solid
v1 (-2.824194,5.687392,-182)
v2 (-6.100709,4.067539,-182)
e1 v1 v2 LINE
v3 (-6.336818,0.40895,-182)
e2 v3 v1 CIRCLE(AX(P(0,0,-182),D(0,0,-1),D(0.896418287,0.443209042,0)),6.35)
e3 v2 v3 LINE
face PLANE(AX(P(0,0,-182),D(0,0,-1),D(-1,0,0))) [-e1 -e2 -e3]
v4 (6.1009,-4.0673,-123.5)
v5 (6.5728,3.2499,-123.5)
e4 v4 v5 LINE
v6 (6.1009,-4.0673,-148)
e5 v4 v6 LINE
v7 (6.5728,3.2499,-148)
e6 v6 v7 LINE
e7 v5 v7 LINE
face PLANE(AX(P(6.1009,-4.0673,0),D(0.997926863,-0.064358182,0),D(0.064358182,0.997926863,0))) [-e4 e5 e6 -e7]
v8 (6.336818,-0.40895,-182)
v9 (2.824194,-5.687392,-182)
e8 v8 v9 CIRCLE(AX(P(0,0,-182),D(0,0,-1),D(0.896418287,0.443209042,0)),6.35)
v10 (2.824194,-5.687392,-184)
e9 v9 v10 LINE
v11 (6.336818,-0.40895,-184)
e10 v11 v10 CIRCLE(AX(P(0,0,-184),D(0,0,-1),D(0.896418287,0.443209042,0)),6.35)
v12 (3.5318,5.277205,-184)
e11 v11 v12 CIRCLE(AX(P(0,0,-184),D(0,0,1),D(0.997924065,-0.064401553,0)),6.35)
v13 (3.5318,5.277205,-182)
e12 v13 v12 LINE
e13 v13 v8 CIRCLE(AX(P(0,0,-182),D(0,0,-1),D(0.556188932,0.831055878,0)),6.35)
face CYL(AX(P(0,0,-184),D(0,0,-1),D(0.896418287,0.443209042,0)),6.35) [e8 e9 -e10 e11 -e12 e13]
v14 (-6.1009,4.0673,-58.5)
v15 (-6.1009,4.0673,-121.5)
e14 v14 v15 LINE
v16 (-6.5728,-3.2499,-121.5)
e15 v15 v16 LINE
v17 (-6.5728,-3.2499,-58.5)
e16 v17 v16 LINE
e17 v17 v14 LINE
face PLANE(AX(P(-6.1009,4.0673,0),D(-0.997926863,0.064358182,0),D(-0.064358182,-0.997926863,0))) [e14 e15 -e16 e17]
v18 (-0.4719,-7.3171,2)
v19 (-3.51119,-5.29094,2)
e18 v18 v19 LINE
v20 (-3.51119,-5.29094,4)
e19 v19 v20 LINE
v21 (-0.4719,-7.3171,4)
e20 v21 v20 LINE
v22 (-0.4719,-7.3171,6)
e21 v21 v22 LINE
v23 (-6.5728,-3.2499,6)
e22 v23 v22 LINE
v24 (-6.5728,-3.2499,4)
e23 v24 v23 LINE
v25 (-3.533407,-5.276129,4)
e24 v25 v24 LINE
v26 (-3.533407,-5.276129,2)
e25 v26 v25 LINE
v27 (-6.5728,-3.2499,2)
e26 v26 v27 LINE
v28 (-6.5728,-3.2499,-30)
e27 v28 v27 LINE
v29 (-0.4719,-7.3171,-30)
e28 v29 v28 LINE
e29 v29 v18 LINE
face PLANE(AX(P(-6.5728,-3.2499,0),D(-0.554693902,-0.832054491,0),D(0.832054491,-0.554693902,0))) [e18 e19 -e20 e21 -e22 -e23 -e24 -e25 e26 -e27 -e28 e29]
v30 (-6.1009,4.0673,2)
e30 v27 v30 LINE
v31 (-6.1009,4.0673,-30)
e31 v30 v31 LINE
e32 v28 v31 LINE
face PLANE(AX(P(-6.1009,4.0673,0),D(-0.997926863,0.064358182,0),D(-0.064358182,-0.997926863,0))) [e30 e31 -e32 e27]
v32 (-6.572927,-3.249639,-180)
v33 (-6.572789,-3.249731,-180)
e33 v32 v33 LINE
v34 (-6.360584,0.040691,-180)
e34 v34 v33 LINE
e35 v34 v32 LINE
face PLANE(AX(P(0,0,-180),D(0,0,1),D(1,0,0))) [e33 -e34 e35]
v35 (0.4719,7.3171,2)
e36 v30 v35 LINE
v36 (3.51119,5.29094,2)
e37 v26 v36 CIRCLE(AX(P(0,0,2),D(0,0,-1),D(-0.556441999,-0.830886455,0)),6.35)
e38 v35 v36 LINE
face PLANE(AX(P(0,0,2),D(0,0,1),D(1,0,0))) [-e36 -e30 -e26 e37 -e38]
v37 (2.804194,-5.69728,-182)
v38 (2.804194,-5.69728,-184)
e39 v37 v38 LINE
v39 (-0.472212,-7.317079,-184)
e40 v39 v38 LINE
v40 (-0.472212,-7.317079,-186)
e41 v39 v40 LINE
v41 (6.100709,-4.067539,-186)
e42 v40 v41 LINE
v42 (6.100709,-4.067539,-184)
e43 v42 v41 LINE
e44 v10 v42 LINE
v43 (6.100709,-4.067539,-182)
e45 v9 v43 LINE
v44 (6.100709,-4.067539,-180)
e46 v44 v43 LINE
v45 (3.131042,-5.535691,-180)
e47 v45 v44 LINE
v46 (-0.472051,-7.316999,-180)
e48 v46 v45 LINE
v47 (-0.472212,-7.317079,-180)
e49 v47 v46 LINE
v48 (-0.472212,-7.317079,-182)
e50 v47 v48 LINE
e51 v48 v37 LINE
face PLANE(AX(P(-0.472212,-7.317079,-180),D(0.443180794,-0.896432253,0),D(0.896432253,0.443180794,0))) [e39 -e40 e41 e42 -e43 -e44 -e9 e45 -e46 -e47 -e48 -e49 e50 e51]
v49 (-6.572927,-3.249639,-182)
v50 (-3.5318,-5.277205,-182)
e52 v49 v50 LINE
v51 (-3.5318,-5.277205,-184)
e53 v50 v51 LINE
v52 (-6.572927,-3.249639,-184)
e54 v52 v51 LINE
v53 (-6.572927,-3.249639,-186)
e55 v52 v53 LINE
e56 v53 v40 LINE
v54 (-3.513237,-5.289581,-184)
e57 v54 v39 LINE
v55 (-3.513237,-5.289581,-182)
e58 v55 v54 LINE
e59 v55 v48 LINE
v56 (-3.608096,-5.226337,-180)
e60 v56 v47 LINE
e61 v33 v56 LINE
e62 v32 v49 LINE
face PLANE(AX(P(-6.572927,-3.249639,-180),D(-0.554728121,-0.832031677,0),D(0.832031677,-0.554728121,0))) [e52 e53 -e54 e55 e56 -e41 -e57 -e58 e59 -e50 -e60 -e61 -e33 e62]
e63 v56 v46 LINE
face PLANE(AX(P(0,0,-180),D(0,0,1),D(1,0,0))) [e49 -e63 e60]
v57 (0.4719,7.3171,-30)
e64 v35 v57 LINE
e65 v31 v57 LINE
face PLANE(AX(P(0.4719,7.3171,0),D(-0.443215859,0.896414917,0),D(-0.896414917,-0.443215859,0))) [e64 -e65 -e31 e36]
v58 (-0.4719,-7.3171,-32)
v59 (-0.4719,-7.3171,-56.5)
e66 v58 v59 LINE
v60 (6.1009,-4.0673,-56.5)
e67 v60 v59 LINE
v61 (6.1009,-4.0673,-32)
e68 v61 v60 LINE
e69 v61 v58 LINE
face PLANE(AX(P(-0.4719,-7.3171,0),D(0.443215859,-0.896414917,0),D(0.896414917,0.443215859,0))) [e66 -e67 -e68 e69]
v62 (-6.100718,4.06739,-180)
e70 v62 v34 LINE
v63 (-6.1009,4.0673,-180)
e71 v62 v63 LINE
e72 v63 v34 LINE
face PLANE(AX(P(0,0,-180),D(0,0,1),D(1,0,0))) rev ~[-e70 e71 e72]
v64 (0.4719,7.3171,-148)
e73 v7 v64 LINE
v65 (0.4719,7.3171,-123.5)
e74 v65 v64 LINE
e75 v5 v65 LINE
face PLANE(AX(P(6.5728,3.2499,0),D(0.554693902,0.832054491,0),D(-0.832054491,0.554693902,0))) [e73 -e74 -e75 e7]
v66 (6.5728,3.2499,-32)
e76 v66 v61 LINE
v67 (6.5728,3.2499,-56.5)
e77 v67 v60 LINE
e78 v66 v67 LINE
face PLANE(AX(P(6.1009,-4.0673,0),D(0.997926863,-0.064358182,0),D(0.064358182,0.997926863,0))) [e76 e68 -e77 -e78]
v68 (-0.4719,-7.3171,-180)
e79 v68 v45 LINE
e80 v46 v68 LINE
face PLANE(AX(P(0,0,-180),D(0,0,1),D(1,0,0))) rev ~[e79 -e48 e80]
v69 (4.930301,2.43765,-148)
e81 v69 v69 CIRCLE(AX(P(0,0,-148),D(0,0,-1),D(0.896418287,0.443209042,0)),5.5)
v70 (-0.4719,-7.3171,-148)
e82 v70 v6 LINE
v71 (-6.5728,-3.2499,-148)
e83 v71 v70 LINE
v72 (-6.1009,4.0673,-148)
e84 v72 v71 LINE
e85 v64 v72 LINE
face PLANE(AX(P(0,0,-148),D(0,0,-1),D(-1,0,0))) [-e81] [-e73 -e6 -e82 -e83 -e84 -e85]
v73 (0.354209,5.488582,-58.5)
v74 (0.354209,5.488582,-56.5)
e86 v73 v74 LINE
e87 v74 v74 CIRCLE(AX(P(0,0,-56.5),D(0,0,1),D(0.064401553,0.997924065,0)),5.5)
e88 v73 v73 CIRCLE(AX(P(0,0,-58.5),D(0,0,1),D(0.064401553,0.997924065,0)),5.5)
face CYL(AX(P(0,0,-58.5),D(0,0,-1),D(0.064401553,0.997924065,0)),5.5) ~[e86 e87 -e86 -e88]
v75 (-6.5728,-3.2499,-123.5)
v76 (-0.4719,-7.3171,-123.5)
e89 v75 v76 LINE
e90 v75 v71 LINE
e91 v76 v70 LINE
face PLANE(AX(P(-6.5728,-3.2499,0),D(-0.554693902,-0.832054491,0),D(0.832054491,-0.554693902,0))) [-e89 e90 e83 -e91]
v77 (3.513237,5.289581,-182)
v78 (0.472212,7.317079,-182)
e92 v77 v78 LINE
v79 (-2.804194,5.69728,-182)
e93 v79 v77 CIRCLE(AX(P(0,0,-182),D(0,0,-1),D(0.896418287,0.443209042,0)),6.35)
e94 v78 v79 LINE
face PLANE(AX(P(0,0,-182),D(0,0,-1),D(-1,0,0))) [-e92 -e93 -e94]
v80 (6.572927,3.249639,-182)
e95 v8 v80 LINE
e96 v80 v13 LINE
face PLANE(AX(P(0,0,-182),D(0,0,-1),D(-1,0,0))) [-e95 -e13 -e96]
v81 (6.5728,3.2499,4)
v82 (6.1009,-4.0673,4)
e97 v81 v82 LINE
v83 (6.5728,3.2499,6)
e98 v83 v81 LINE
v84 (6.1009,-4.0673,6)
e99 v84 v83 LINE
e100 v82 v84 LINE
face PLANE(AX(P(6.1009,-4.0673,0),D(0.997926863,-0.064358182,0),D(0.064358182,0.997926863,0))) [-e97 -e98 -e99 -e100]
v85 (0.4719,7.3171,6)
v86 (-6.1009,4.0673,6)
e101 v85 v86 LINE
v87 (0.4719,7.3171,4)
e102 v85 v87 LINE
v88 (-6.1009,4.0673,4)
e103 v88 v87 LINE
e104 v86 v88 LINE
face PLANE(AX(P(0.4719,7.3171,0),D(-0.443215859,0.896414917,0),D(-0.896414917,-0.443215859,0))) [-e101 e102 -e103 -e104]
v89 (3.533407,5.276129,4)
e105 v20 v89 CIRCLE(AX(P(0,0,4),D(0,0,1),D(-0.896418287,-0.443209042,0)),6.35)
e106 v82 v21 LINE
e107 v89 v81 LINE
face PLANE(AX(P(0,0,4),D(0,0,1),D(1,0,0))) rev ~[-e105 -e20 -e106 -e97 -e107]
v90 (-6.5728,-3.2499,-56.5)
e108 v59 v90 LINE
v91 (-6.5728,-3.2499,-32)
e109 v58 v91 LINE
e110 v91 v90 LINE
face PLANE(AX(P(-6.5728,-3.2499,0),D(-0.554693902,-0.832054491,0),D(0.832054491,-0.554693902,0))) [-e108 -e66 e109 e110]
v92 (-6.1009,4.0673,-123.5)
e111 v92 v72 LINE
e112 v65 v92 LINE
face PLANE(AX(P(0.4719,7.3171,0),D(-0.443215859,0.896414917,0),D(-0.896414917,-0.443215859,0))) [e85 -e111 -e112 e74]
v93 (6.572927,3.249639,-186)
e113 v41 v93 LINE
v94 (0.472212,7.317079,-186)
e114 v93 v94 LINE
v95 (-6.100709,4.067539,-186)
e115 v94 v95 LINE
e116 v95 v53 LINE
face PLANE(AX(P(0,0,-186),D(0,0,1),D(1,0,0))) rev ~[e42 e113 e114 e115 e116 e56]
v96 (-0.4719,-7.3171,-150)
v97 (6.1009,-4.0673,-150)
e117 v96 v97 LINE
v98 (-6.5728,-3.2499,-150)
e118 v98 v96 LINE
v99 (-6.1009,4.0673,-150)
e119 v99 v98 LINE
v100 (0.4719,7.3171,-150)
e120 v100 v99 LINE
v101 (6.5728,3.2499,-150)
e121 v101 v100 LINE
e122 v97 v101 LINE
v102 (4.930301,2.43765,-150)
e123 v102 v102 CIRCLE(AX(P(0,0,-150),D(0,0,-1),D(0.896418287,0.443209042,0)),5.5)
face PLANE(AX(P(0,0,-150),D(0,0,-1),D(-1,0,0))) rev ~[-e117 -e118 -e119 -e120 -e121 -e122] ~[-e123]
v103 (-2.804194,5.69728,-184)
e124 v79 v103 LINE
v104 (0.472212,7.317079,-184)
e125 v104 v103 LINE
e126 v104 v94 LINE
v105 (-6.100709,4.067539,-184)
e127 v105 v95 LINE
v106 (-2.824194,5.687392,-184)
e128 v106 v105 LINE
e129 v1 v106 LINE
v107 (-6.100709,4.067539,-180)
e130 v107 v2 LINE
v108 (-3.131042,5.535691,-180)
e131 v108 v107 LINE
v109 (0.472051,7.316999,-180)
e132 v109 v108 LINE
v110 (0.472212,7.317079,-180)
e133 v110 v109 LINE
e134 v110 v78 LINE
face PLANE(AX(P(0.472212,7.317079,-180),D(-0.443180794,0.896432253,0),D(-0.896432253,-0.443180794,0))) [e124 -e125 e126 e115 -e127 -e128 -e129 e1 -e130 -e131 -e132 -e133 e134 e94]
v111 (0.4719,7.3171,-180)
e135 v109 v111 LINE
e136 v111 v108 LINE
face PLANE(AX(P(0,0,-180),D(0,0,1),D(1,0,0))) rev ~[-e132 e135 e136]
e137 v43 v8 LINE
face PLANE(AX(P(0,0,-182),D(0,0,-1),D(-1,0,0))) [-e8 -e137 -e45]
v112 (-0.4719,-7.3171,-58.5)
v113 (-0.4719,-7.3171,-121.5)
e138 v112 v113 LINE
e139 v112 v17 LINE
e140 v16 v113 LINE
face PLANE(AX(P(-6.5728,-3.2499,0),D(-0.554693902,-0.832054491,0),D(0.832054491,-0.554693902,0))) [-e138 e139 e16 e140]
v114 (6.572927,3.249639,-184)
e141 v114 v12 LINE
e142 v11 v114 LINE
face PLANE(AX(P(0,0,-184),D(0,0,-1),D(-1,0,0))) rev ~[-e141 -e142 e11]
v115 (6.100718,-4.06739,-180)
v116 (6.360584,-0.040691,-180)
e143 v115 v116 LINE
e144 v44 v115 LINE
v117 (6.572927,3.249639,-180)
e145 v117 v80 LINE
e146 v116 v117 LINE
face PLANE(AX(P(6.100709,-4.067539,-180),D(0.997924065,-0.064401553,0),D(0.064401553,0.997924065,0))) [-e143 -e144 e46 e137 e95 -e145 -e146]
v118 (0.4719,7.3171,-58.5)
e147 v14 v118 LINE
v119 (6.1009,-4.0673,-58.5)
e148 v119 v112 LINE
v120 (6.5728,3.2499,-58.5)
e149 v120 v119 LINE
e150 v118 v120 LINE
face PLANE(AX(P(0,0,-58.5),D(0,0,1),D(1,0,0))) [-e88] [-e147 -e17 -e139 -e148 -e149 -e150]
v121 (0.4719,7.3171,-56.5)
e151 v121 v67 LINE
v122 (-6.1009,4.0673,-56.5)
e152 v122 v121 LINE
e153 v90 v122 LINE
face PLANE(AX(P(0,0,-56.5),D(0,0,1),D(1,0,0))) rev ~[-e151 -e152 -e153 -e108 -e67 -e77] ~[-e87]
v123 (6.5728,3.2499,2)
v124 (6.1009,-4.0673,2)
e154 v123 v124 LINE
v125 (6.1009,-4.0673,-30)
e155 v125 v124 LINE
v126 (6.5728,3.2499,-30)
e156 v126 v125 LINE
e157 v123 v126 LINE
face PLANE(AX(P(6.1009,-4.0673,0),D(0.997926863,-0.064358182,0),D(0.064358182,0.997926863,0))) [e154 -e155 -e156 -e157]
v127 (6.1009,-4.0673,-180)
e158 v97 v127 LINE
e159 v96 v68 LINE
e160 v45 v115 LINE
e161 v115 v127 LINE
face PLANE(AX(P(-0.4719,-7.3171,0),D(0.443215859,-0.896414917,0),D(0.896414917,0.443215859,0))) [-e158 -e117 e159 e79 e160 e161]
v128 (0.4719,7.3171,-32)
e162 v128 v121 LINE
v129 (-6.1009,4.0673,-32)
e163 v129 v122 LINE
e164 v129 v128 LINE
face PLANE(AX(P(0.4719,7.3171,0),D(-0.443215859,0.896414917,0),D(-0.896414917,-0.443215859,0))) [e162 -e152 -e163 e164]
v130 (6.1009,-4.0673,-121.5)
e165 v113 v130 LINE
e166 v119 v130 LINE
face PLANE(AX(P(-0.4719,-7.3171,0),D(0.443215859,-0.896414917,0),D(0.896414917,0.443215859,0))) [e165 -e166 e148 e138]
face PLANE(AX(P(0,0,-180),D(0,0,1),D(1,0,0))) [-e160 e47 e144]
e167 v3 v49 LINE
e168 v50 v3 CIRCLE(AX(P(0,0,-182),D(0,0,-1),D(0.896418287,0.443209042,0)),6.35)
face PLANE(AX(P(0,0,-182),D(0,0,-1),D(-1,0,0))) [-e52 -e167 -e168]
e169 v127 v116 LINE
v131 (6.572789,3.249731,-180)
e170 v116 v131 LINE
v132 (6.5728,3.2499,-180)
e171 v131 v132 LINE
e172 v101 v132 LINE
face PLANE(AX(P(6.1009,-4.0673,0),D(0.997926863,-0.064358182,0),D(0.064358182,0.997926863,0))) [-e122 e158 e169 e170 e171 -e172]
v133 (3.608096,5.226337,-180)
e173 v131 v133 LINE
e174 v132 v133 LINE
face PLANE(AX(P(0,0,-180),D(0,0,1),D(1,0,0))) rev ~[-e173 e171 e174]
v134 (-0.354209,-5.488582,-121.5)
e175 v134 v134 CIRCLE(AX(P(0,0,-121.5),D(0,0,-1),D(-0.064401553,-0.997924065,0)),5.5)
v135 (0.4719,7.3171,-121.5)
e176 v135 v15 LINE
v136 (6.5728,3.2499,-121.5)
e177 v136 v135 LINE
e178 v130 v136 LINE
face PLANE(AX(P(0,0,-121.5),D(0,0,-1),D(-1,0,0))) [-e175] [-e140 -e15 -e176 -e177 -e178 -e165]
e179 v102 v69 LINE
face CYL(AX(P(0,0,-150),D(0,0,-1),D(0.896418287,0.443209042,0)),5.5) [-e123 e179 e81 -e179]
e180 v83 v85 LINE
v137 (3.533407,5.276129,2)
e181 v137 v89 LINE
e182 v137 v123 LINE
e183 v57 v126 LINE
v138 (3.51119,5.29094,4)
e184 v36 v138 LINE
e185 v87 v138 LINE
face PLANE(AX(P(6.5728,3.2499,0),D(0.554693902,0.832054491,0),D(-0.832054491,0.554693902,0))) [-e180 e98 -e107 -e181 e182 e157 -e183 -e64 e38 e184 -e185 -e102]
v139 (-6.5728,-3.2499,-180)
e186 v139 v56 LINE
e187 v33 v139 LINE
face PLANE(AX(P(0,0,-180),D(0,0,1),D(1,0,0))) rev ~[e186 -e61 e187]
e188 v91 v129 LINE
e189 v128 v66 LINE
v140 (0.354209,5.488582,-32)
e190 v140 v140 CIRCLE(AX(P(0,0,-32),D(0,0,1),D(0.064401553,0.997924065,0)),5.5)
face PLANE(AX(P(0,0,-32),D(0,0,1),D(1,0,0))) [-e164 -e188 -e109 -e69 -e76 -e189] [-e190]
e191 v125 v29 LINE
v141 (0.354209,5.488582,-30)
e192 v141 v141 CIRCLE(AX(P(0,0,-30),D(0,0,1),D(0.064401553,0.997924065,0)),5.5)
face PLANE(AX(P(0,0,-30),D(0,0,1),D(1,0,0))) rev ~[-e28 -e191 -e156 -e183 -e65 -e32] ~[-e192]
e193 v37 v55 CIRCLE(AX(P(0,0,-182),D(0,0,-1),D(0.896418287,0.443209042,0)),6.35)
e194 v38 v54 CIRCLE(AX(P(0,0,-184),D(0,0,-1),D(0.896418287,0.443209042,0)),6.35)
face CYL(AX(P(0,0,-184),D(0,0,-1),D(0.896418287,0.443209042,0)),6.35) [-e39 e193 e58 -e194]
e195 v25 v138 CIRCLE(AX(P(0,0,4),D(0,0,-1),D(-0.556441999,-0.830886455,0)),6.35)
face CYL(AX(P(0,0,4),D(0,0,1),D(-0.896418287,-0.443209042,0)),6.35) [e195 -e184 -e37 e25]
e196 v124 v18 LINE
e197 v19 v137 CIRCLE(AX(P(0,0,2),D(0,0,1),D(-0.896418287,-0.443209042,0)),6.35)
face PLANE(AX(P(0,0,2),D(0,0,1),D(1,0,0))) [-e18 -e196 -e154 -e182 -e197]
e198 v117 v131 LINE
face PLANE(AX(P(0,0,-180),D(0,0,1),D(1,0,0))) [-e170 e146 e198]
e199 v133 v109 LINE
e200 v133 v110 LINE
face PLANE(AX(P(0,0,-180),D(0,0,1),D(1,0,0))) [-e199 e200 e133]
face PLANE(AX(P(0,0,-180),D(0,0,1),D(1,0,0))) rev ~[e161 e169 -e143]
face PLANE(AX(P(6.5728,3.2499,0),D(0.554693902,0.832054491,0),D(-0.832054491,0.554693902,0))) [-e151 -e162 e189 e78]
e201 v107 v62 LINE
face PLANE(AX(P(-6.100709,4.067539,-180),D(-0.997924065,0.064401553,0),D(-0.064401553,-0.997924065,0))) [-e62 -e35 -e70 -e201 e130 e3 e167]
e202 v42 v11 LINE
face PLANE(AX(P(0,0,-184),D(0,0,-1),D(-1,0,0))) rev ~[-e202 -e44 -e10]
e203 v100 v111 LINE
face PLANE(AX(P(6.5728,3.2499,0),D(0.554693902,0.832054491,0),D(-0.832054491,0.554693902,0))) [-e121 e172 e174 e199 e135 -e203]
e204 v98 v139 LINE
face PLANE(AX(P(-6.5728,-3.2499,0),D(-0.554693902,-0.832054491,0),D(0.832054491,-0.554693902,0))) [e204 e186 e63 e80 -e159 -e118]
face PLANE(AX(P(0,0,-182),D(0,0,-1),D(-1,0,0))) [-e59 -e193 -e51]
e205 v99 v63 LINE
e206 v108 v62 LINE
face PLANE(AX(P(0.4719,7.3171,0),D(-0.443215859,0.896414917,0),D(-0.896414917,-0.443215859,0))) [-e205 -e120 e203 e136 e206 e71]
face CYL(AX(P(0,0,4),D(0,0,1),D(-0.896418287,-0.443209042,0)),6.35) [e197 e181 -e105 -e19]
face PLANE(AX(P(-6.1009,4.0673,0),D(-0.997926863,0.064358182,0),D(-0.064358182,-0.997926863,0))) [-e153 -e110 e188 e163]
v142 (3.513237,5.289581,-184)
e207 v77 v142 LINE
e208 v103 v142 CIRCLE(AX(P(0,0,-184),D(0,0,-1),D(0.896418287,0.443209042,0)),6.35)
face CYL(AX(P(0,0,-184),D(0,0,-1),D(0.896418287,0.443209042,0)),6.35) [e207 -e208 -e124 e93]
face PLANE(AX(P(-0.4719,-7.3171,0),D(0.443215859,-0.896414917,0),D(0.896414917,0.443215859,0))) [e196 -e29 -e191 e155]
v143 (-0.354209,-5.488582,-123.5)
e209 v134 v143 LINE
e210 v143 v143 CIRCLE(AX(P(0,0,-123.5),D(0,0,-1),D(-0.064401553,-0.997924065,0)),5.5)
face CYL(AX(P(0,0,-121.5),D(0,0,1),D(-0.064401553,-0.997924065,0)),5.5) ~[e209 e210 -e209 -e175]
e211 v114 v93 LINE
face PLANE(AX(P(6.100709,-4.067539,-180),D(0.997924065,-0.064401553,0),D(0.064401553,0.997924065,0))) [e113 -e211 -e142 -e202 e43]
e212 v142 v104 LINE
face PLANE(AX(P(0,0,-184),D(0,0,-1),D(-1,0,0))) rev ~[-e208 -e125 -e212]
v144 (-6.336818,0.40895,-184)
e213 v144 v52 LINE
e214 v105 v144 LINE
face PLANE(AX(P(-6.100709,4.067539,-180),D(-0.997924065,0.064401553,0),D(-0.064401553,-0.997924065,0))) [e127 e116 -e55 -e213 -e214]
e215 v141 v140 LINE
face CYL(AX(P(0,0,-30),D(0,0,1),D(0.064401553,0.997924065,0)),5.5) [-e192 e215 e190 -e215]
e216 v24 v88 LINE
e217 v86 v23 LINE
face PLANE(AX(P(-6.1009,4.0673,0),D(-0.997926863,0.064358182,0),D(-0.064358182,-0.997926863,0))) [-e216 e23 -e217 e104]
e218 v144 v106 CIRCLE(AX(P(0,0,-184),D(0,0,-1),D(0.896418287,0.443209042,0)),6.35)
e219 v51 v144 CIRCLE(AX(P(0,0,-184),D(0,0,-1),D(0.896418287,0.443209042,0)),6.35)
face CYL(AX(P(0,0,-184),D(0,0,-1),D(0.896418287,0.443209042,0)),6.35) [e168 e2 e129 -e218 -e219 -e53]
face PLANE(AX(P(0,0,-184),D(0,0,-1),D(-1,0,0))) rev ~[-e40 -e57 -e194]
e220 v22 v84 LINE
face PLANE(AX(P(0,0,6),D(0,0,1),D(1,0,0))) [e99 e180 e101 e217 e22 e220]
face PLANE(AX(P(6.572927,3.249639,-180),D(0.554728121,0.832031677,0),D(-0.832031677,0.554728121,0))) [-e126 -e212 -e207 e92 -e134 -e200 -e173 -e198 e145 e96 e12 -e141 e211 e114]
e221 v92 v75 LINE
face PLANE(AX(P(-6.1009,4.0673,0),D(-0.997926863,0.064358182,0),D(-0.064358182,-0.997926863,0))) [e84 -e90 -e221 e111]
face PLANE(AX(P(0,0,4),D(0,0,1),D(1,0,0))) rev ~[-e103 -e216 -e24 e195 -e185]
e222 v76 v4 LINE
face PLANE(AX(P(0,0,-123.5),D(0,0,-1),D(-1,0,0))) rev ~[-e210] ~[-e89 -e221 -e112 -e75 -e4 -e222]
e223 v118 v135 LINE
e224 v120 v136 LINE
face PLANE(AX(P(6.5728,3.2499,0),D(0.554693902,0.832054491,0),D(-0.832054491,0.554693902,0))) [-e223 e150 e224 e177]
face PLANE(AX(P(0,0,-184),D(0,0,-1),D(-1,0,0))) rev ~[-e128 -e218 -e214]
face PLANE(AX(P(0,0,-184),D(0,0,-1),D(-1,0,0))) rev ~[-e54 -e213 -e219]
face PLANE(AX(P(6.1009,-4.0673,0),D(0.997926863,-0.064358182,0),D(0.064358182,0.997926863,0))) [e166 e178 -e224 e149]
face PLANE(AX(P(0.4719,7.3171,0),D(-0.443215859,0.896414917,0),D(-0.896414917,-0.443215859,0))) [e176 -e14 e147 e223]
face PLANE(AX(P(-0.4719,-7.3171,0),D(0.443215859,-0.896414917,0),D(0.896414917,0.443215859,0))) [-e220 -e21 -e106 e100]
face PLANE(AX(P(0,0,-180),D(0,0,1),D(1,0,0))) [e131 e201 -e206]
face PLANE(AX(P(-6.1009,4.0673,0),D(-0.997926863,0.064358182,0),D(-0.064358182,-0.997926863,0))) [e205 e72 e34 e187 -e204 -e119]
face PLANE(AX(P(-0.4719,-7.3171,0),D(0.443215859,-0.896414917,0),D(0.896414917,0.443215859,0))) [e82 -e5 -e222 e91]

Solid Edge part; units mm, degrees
sketch "Sketch1" plane through (0, 0, 0) normal (0, 0, 1) x (1, 0, 0)
  line L0 (-6.1009, 4.0673) -> (-6.5728, -3.2499)
  line L1 (-6.5728, -3.2499) -> (-0.4719, -7.3171)
  line L2 (-0.4719, -7.3171) -> (6.1009, -4.0673)
  line L3 (6.1009, -4.0673) -> (6.5728, 3.2499)
  line L4 (6.5728, 3.2499) -> (0.4719, 7.3171)
  line L5 (0.4719, 7.3171) -> (-6.1009, 4.0673)
extrude "Protrusion1" add sketch "Sketch1" against normal blind 180
sketch "Sketch2" plane through (0, 0, -30) normal (0, 0, 1) x (0.0644, 0.9979, 0)
  circle A0 centre (0, 0) radius 5.5
  circle A1 centre (0, 0) radius 13.1424
extrude "ExtrudedCutout_3" cut sketch "Sketch2" against normal blind 2
sketch "Sketch3" plane through (0, 0, -150) normal (0, 0, -1) x (0.8964, 0.4432, 0)
  circle A0 centre (0, 0) radius 13.1424
  circle A1 centre (0, 0) radius 5.5
extrude "ExtrudedCutout_5" cut sketch "Sketch3" against normal blind 2
sketch "Sketch4" plane through (0, 0, -58.5) normal (0, 0, 1) x (0.0644, 0.9979, 0)
  circle A0 centre (0, 0) radius 5.5
  circle A1 centre (0, 0) radius 13.1424
extrude "ExtrudedCutout_7" cut sketch "Sketch4" along normal blind 2
sketch "Sketch5" plane through (0, 0, -121.5) normal (0, 0, -1) x (-0.0644, -0.9979, 0)
  circle A0 centre (0, 0) radius 5.5
  circle A1 centre (0, 0) radius 13.1424
extrude "ExtrudedCutout_8" cut sketch "Sketch5" along normal blind 2
sketch "Sketch6" plane through (0, 0, -180) normal (0, 0, -1) x (-0.0644, -0.9979, 0)
  line L0 (3.6662, -6.35) -> (-3.6662, -6.35)
  line L1 (-3.6662, -6.35) -> (-7.3323, 0)
  line L2 (-7.3323, 0) -> (-3.6662, 6.35)
  line L3 (-3.6662, 6.35) -> (3.6662, 6.35)
  line L4 (3.6662, 6.35) -> (7.3323, 0)
  line L5 (7.3323, 0) -> (3.6662, -6.35)
extrude "ExtrudedProtrusion_2" add sketch "Sketch6" along normal blind 6
sketch "Sketch7" plane through (0, 0, 0) normal (0, 0, 1) x (1, 0, 0)
  line L0 (-6.1009, 4.0673) -> (-6.5728, -3.2499)
  line L1 (-6.5728, -3.2499) -> (-0.4719, -7.3171)
  line L2 (-0.4719, -7.3171) -> (6.1009, -4.0673)
  line L3 (6.1009, -4.0673) -> (6.5728, 3.2499)
  line L4 (6.5728, 3.2499) -> (0.4719, 7.3171)
  line L5 (0.4719, 7.3171) -> (-6.1009, 4.0673)
extrude "ExtrudedProtrusion_3" add sketch "Sketch7" along normal blind 6
sketch "Sketch8" plane through (0, 0, 4) normal (0, 0, 1) x (-0.8964, -0.4432, 0)
  circle A0 centre (0, 0) radius 6.35
  circle A1 centre (0, 0) radius 13.1424
extrude "ExtrudedCutout_9" cut sketch "Sketch8" against normal blind 2
sketch "Sketch9" plane through (0, 0, -184) normal (0, 0, -1) x (0.8964, 0.4432, 0)
  circle A0 centre (0, 0) radius 6.35
  circle A1 centre (0, 0) radius 13.1424
extrude "ExtrudedCutout_10" cut sketch "Sketch9" against normal blind 2
properties part number "BumbleB0517"
